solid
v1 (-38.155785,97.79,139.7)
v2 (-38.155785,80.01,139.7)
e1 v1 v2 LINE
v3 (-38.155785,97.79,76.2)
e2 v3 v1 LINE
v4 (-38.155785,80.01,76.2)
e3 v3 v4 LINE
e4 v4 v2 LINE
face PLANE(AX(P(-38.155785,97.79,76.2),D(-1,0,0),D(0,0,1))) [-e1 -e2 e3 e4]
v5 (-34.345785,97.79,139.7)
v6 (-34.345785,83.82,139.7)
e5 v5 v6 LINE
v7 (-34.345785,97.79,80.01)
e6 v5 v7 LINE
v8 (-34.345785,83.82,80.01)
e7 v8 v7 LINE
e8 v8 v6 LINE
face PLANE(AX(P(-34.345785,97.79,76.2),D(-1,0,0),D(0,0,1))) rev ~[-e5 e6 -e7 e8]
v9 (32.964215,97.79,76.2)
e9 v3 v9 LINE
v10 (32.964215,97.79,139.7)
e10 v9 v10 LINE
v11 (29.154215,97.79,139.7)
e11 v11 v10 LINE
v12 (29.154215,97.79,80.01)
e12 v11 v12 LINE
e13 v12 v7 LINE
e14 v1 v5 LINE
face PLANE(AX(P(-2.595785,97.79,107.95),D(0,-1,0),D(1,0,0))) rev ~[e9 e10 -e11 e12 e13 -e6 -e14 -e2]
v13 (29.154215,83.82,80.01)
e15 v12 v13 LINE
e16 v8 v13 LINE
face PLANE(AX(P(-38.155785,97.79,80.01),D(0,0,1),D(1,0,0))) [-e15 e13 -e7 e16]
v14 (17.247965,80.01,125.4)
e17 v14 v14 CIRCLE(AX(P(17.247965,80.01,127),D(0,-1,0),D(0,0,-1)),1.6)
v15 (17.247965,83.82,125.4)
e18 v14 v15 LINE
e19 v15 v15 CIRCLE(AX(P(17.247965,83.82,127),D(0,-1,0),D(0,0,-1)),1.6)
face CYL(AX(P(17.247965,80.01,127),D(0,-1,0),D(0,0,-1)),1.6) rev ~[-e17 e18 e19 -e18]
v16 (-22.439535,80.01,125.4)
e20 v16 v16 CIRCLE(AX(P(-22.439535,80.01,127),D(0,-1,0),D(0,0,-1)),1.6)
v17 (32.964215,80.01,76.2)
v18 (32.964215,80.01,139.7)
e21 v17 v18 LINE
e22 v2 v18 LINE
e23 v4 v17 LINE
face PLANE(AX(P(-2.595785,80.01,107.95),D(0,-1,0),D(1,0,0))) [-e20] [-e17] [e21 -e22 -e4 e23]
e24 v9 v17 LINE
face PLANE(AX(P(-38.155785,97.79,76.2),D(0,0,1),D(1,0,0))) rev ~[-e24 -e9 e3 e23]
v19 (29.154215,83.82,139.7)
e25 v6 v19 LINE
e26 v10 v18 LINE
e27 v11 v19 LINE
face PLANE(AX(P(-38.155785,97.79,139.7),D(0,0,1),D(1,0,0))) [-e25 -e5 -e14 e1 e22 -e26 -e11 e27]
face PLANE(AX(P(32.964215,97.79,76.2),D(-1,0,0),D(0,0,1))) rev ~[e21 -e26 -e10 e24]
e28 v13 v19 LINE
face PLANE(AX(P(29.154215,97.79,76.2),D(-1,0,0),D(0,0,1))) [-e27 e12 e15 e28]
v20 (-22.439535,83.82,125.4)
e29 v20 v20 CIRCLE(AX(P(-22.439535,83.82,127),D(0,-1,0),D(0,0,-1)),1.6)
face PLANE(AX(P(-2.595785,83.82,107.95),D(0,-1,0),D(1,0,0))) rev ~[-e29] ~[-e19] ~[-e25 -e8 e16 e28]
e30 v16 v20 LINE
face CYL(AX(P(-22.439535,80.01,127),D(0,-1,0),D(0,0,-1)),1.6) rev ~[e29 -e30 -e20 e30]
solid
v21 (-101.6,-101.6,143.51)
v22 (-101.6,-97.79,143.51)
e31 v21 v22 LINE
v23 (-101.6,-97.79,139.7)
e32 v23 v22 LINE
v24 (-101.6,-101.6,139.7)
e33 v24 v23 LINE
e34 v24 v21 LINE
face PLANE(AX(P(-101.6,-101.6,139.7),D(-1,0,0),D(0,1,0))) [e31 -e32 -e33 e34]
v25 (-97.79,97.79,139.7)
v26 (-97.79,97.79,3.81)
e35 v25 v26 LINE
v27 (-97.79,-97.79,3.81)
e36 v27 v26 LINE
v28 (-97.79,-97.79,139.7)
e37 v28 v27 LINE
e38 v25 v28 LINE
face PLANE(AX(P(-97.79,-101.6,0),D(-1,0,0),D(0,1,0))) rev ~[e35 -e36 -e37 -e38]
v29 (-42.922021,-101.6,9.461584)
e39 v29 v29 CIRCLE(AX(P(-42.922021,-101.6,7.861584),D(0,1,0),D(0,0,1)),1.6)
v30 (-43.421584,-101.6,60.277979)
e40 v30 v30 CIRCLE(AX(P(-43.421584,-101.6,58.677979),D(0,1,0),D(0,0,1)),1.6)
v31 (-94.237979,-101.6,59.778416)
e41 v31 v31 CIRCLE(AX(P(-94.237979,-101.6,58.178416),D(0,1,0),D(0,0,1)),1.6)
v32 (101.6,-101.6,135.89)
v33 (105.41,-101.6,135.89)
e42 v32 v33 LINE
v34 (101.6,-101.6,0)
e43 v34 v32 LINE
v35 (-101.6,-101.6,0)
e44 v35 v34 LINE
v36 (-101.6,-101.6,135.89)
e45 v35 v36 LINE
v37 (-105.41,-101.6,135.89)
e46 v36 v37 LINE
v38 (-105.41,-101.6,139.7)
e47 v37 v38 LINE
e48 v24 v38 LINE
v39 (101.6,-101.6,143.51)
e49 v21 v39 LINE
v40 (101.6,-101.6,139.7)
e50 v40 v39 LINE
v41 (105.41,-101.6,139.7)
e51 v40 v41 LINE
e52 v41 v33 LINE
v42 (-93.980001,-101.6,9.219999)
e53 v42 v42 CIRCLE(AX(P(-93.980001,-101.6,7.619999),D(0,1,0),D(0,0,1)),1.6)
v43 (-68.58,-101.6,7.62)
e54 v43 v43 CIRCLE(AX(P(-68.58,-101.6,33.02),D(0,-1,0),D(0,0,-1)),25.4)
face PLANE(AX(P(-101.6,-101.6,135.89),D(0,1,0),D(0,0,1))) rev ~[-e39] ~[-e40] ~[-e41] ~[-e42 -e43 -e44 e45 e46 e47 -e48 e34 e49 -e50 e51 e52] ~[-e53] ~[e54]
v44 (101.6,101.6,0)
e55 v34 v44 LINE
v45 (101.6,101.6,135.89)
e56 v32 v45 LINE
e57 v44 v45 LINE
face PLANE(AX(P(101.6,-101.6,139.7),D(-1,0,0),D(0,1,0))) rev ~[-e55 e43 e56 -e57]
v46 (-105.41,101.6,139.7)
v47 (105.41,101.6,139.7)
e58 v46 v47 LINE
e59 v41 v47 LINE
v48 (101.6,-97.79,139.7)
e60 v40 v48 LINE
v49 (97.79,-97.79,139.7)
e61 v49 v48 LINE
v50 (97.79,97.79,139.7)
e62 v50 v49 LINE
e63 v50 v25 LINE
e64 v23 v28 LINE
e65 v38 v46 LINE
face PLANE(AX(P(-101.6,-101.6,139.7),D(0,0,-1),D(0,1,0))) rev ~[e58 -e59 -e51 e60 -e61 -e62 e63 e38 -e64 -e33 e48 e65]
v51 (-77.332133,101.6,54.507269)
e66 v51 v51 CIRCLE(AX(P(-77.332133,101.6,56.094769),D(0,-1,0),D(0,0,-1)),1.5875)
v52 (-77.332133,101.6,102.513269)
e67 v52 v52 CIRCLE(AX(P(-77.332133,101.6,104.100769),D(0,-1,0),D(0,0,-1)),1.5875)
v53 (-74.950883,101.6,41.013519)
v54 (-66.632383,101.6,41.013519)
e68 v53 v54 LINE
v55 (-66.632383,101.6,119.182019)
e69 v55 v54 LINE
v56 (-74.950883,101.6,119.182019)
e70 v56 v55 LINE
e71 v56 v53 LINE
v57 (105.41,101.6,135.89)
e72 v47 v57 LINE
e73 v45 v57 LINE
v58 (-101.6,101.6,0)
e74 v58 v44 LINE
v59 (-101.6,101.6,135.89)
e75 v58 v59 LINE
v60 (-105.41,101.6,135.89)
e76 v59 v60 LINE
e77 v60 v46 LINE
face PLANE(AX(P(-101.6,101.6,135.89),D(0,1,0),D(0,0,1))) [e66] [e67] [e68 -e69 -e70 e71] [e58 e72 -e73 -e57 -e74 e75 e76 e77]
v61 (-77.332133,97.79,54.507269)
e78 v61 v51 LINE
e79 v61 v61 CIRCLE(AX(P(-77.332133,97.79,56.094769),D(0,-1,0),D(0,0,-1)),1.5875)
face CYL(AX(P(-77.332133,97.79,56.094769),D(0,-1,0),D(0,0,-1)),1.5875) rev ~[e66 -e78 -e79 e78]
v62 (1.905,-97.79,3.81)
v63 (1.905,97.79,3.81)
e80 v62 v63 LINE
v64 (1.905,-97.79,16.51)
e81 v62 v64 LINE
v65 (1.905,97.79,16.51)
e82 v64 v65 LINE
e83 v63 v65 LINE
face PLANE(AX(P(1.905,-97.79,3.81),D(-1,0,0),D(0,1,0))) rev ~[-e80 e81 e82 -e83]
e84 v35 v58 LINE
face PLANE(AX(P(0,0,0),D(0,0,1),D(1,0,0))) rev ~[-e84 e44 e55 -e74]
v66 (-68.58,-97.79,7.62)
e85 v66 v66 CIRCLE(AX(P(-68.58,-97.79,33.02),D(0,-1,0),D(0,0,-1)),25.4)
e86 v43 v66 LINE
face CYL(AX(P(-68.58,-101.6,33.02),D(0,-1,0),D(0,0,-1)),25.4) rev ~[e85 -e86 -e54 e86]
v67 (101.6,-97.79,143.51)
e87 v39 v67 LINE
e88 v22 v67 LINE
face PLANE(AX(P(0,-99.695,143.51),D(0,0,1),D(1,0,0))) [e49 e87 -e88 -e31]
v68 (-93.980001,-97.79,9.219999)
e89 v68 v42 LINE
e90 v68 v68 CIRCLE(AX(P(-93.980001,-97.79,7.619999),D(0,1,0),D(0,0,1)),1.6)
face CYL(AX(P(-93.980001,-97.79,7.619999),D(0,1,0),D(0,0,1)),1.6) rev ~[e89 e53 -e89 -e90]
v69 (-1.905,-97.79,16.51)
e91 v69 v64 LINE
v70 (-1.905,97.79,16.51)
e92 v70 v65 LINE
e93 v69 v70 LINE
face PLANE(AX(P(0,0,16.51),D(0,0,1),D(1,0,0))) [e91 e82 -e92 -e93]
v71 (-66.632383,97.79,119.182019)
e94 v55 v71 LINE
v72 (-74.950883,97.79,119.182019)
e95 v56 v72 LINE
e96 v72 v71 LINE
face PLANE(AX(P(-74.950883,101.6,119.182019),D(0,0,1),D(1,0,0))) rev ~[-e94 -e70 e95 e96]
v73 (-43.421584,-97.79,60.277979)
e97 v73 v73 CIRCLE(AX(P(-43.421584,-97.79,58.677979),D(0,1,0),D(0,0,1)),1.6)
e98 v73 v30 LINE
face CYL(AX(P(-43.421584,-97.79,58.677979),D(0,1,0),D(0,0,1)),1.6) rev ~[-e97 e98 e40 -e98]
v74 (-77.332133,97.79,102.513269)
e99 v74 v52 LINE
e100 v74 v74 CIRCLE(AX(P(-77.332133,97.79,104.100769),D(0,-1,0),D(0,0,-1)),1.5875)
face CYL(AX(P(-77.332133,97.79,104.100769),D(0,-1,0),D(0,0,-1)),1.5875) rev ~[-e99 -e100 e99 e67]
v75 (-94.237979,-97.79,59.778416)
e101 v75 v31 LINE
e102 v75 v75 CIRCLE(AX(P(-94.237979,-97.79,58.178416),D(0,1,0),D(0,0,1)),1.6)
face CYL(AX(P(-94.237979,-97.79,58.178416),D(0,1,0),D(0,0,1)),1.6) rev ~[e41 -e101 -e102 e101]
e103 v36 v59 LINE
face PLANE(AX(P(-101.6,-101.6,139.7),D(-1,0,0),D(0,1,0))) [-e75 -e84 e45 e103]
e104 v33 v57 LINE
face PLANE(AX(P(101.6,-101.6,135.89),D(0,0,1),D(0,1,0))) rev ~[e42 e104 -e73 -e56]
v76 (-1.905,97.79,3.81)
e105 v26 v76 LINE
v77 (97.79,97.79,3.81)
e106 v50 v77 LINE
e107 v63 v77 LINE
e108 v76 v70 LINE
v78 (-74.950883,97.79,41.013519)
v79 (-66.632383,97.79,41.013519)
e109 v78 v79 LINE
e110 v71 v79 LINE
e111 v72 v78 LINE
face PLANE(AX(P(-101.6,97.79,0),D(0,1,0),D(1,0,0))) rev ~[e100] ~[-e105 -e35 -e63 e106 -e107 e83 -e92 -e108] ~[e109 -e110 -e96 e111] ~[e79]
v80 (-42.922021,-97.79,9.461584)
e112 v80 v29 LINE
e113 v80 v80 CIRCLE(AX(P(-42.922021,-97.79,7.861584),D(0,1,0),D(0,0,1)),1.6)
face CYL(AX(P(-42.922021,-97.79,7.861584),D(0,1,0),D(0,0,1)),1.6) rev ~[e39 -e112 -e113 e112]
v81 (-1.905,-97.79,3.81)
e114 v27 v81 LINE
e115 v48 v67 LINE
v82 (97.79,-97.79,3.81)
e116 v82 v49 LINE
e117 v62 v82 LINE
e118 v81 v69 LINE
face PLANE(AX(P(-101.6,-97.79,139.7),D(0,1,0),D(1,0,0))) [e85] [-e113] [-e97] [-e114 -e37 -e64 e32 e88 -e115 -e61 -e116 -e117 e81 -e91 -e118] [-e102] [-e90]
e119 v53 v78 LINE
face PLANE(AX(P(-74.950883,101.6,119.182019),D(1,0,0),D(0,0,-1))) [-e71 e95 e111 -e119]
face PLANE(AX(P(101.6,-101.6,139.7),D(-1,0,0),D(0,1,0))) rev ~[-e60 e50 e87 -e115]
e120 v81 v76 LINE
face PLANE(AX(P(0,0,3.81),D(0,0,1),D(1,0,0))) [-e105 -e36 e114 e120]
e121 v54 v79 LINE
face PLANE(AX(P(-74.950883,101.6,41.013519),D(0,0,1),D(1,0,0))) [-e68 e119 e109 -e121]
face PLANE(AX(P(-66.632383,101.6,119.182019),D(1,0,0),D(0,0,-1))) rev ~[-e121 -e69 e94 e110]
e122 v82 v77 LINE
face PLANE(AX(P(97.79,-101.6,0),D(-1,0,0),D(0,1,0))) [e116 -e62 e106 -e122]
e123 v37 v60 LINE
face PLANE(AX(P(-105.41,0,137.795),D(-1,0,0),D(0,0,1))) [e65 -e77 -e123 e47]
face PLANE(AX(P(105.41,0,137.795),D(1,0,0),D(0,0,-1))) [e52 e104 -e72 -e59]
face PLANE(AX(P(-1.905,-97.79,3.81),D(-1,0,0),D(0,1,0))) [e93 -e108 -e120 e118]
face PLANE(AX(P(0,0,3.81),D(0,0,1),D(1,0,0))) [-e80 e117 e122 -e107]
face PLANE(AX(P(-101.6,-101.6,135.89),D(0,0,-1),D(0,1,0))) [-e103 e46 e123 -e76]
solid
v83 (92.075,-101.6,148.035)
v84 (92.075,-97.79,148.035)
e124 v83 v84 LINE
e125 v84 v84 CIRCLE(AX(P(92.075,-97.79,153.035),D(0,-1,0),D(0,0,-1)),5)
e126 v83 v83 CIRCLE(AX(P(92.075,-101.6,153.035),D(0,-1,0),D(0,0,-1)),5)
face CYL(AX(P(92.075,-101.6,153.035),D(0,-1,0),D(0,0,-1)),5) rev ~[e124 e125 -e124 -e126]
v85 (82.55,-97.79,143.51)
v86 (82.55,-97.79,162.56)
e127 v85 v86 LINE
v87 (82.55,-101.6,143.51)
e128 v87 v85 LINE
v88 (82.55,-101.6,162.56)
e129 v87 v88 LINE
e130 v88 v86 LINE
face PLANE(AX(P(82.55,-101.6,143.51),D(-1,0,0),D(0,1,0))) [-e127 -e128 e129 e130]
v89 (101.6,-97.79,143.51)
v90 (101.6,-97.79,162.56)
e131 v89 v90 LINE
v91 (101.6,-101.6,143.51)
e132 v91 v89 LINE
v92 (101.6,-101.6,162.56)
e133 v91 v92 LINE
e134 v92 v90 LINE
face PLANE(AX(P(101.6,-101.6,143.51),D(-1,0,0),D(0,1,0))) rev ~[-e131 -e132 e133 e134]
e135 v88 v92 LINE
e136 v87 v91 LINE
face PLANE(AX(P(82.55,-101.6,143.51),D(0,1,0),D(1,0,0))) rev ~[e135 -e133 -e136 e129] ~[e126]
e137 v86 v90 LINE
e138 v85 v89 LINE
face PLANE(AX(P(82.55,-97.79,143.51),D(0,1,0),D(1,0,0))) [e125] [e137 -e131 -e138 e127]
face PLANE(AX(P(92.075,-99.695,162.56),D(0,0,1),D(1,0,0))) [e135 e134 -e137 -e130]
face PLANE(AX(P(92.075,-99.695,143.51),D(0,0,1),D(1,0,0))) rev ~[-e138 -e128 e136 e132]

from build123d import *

# Parameters (mm, degrees)
SKETCH1_W              = 203.2
SKETCH1_H              = 203.2
OUTTER_BOX_DEPTH       = 139.7
SHELL1_T               = -3.81
SKETCH4_W              = 71.12
SKETCH4_H              = 63.5
RFID_CARD_HOLDER_DEPTH = 17.78
SHELL2_T               = -3.81
SKETCH6_W              = 203.2
SKETCH6_H              = 3.81
BOSS_EXTRUDE4_DEPTH    = 3.81
SKETCH12_W             = 8.3185
SKETCH12_H             = 78.1685
CUT_EXTRUDE7_DEPTH     = 3.81
SKETCH13_W             = 3.81
SKETCH13_H             = 203.2
BOSS_EXTRUDE5_DEPTH    = 3.81
SKETCH14_W             = 3.81
SKETCH14_H             = 203.2
BOSS_EXTRUDE6_DEPTH    = 3.81
SKETCH16_W             = 19.05
SKETCH16_H             = 3.81
BOSS_EXTRUDE7_DEPTH    = 19.05
SKETCH18_R             = 5
CUT_EXTRUDE9_DEPTH     = 3.81
SKETCH5_R              = 25.4
CUT_EXTRUDE10_DEPTH    = 3.81
SKETCH19_R             = 1.6
CUT_EXTRUDE11_DEPTH    = 3.81
SKETCH20_R             = 1.6
CUT_EXTRUDE12_DEPTH    = 3.81
SKETCH21_W             = 3.81
SKETCH21_H             = 195.58
BOSS_EXTRUDE9_DEPTH    = 12.7
SKETCH23_R             = 1.5875
CUT_EXTRUDE13_DEPTH    = 3.81


with BuildPart() as part:
    # Sketch1 → Outter Box (new body)
    with BuildSketch(Plane.XY):
        Rectangle(SKETCH1_W, SKETCH1_H)
    extrude(amount=OUTTER_BOX_DEPTH)

    # Shell1
    shell1_openings = [part.faces().sort_by_distance(p)[0] for p in [
        (0, 0, 139.7),
    ]]
    offset(amount=SHELL1_T, openings=shell1_openings, kind=Kind.INTERSECTION)

    # Sketch12 → Cut-Extrude7 (cut)
    with BuildSketch(Plane(origin=(0, 101.6, 0), x_dir=(1, 0, 0), z_dir=(0, 1, 0))):
        with Locations((-70.791632516, -80.097769103)):
            Rectangle(SKETCH12_W, SKETCH12_H)
    extrude(amount=-CUT_EXTRUDE7_DEPTH, mode=Mode.SUBTRACT)



with BuildPart() as body_2:
    # Sketch4 → RFID Card holder (new body)
    with BuildSketch(Plane.XZ.offset(-97.79)):
        with Locations((-2.595784724, 107.95)):
            Rectangle(SKETCH4_W, SKETCH4_H)
    extrude(amount=RFID_CARD_HOLDER_DEPTH)

    # Shell2
    shell2_openings = [body_2.faces().sort_by_distance(p)[0] for p in [
        (-2.595784724, 97.79, 107.95),
        (-2.595784724, 88.9, 139.7),
    ]]
    offset(amount=SHELL2_T, openings=shell2_openings, kind=Kind.INTERSECTION)

    # Sketch19 → Cut-Extrude11 (cut)
    with BuildSketch(Plane.XZ.offset(-80.01)):
        with Locations(Location((-22.439534724, 127, 0), (0, 0, 270))):
            Circle(SKETCH19_R)
        with Locations(Location((17.247965276, 127, 0), (0, 0, 270))):
            Circle(SKETCH19_R)
    extrude(amount=-CUT_EXTRUDE11_DEPTH, mode=Mode.SUBTRACT)


with BuildPart() as body_3:
    # Sketch6 → Boss-Extrude4 (new body)
    with BuildSketch(Plane.XY.offset(139.7)):
        with Locations((0, -99.695)):
            Rectangle(SKETCH6_W, SKETCH6_H)
    extrude(amount=BOSS_EXTRUDE4_DEPTH)


with BuildPart() as part_1:
    add(part.part)

    add(body_3.part)  # Boss-Extrude5 merges body 3
    # Sketch13 → Boss-Extrude5 (add)
    with BuildSketch(Plane(origin=(101.6, 0, 0), x_dir=(0, 0, -1), z_dir=(1, 0, 0))):
        with Locations((-137.795, 0)):
            Rectangle(SKETCH13_W, SKETCH13_H)
    extrude(amount=BOSS_EXTRUDE5_DEPTH)

    # Sketch14 → Boss-Extrude6 (add)
    with BuildSketch(Plane.ZY.offset(101.6)):
        with Locations((137.795, 0)):
            Rectangle(SKETCH14_W, SKETCH14_H)
    extrude(amount=BOSS_EXTRUDE6_DEPTH)

    # Sketch5 → Cut-Extrude10 (cut)
    with BuildSketch(Plane.XZ.offset(101.6)):
        with Locations(Location((-68.58, 33.02, 0), (0, 0, 270))):
            Circle(SKETCH5_R)
    extrude(amount=-CUT_EXTRUDE10_DEPTH, mode=Mode.SUBTRACT)

    # Sketch20 → Cut-Extrude12 (cut)
    with BuildSketch(Plane(origin=(0, -97.79, 0), x_dir=(1, 0, 0), z_dir=(0, 1, 0))):
        with Locations(Location((-94.237978912, -58.178415522, 0), (0, 0, 270))):
            Circle(SKETCH20_R)
        with Locations(Location((-43.421584478, -58.677978912, 0), (0, 0, 270))):
            Circle(SKETCH20_R)
        with Locations(Location((-42.922021088, -7.861584478, 0), (0, 0, 270))):
            Circle(SKETCH20_R)
        with Locations(Location((-93.980000617, -7.619999383, 0), (0, 0, 270))):
            Circle(SKETCH20_R)
    extrude(amount=-CUT_EXTRUDE12_DEPTH, mode=Mode.SUBTRACT)

    # Sketch21 → Boss-Extrude9 (add)
    with BuildSketch(Plane.XY.offset(3.81)):
        Rectangle(SKETCH21_W, SKETCH21_H)
    extrude(amount=BOSS_EXTRUDE9_DEPTH)

    # Sketch23 → Cut-Extrude13 (cut)
    with BuildSketch(Plane.XZ.offset(-97.79)):
        with Locations(Location((-77.332132516, 56.094769103, 0), (0, 0, 270))):
            Circle(SKETCH23_R)
        with Locations(Location((-77.332132516, 104.100769103, 0), (0, 0, 270))):
            Circle(SKETCH23_R)
    extrude(amount=-CUT_EXTRUDE13_DEPTH, mode=Mode.SUBTRACT)


with BuildPart() as body_3_2:
    # Sketch16 → Boss-Extrude7 (new body)
    with BuildSketch(Plane.XY.offset(143.51)):
        with Locations((92.075, -99.695)):
            Rectangle(SKETCH16_W, SKETCH16_H)
    extrude(amount=BOSS_EXTRUDE7_DEPTH)

    # Sketch18 → Cut-Extrude9 (cut)
    with BuildSketch(Plane.XZ.offset(101.6)):
        with Locations(Location((92.075, 153.035, 0), (0, 0, 270))):
            Circle(SKETCH18_R)
    extrude(amount=-CUT_EXTRUDE9_DEPTH, mode=Mode.SUBTRACT)


solid = Compound([body_2.part, part_1.part, body_3_2.part])
